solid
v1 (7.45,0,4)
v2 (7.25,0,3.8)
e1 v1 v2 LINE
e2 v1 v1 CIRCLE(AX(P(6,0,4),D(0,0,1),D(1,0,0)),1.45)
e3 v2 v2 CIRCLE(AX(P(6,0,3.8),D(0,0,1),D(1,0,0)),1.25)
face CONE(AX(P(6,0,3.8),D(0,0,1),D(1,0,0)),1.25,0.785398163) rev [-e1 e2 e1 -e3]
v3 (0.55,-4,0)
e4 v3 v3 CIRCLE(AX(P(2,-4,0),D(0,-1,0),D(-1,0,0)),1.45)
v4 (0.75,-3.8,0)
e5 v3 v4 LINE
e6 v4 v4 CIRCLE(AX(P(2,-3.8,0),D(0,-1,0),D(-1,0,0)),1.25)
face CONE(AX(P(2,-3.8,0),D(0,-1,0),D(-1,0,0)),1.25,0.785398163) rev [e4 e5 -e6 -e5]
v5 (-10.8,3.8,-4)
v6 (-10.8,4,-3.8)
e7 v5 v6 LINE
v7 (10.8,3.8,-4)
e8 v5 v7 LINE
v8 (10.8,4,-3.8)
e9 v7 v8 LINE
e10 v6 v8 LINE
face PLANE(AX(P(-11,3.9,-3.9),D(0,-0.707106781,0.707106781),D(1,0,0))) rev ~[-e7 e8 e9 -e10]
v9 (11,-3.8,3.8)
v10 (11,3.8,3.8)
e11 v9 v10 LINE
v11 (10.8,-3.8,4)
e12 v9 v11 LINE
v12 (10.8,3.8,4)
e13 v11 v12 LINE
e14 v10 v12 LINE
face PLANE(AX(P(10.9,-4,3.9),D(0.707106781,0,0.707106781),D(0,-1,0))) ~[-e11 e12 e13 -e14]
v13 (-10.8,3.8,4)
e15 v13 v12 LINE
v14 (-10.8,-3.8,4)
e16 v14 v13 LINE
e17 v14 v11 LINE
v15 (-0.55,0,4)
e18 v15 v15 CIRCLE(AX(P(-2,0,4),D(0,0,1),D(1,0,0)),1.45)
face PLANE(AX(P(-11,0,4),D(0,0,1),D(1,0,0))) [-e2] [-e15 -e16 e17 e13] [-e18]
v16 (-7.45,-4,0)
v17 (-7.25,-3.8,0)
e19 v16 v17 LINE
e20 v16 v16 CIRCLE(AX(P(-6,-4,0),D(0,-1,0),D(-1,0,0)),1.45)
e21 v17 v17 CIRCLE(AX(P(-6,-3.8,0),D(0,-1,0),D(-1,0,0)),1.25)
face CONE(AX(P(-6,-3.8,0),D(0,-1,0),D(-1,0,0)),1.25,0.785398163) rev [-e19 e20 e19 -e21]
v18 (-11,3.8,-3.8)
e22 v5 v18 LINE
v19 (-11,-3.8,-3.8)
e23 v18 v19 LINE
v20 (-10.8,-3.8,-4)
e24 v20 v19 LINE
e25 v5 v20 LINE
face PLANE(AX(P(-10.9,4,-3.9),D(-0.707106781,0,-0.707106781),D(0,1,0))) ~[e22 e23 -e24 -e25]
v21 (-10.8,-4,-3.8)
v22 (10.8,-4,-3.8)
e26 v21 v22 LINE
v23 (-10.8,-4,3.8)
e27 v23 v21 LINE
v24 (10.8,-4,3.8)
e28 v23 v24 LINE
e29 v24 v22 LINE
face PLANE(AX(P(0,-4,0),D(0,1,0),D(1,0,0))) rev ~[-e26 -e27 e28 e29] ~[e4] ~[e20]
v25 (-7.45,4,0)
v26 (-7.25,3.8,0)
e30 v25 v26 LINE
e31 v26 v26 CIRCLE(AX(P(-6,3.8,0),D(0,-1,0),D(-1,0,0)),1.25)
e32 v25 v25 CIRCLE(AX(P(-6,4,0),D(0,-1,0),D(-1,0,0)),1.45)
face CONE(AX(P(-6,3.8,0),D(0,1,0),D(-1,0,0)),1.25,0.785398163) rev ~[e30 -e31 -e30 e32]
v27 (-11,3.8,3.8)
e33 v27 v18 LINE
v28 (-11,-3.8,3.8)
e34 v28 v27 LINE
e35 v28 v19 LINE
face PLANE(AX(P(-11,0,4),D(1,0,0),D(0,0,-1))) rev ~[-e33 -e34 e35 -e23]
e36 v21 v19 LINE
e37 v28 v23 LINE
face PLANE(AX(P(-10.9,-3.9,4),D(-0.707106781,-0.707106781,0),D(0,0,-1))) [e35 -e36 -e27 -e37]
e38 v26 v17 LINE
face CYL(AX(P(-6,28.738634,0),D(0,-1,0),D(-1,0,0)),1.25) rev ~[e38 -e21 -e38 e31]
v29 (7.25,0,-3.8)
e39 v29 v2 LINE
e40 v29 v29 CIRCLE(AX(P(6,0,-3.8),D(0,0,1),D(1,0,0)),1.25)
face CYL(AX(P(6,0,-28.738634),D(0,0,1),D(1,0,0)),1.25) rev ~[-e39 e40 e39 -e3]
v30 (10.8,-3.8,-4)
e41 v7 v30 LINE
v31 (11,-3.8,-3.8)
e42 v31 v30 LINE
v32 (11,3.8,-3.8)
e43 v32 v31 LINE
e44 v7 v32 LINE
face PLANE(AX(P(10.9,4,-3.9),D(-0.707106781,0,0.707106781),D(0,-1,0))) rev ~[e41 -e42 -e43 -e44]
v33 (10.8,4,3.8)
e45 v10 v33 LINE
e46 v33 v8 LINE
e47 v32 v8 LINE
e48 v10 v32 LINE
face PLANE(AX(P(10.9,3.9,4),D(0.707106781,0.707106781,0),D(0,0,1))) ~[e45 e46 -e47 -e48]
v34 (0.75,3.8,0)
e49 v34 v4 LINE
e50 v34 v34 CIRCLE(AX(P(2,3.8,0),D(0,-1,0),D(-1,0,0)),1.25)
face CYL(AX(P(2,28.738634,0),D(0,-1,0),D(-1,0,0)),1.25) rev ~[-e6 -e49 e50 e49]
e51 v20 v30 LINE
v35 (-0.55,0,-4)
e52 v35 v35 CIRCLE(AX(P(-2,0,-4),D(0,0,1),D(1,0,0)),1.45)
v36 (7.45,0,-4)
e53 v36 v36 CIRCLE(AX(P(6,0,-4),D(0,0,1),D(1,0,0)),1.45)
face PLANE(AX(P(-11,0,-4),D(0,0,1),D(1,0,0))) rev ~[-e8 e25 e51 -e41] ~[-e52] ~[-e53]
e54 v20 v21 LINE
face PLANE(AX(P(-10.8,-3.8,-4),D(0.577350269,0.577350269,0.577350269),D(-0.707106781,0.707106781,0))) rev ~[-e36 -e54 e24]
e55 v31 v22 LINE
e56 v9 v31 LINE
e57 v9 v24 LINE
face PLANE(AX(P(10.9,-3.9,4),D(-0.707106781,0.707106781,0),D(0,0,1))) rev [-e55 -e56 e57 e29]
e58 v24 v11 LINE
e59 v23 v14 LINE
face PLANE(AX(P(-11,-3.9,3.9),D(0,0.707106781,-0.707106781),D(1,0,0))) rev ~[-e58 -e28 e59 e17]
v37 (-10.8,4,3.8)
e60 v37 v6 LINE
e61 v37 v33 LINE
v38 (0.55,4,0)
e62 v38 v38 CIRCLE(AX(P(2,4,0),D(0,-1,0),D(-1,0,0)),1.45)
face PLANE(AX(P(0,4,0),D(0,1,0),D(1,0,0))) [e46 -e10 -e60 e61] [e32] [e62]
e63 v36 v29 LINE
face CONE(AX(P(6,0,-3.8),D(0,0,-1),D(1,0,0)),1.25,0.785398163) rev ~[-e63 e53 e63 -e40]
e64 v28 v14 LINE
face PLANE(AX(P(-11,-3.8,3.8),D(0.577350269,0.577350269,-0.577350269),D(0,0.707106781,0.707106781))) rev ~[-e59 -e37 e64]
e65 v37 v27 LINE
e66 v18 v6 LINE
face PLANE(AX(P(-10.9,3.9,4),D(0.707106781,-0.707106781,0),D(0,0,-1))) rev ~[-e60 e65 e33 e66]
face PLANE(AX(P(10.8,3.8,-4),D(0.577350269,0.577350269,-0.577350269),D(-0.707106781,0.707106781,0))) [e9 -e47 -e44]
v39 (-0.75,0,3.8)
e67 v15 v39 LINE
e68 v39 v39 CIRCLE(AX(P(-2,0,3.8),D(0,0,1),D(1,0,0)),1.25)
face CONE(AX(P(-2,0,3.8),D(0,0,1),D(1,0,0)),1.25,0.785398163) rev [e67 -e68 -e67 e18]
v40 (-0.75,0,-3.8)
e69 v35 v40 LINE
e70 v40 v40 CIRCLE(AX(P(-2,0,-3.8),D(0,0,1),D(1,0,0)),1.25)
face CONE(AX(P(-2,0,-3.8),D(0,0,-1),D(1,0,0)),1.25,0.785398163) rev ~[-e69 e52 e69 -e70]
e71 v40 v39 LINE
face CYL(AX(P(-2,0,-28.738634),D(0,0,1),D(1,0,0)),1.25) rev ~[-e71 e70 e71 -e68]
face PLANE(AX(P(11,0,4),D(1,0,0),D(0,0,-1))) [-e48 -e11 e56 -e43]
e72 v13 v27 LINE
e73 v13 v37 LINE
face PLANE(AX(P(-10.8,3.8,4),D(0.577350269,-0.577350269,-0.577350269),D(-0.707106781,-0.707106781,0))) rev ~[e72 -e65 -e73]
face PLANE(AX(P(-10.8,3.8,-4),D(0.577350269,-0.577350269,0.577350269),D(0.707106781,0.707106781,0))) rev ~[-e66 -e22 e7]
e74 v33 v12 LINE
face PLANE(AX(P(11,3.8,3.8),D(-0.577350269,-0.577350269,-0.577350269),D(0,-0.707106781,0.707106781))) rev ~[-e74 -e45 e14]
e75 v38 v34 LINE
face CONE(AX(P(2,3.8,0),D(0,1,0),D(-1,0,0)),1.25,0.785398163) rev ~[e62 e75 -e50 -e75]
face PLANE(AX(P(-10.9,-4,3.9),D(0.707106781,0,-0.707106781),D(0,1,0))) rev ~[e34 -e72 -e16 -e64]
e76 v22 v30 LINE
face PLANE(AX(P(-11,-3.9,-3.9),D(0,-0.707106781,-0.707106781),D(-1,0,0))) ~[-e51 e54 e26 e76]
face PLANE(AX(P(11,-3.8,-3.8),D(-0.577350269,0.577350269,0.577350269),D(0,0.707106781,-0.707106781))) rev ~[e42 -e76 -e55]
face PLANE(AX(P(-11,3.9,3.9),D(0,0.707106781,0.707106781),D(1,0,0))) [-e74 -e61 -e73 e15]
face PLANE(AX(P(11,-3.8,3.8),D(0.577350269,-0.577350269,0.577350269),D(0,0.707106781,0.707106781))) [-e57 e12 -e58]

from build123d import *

# Parameters (mm, degrees)
SKETCH_1_W         = 22
SKETCH_1_H         = 8
EXTRUDE_1_DEPTH    = 4
HOLE_WIZARD_M3_1_D = 2.5
HOLE_WIZARD_M3_2_D = 2.5
CHAMFER_1_SIZE     = 0.2


with BuildPart() as part:
    # Sketch 1 → Extrude 1 (new, symmetric)
    with BuildSketch(Plane(origin=(0, 0, 0), x_dir=(1, 0, 0), z_dir=(0, 1, 0))):
        Rectangle(SKETCH_1_W, SKETCH_1_H)
    extrude(amount=EXTRUDE_1_DEPTH, both=True)

    # Hole Wizard M3 _1 (through all)
    with Locations(Plane(origin=(0, 4, 0), x_dir=(1, 0, 0), z_dir=(0, 1, 0))):
        with Locations((-6, 0), (2, 0)):
            Hole(HOLE_WIZARD_M3_1_D / 2)

    # Hole Wizard M3 _2 (through all)
    with Locations(Plane(origin=(0, 0, -4), x_dir=(-1, 0, 0), z_dir=(0, 0, -1))):
        with Locations((-6, 0), (2, 0)):
            Hole(HOLE_WIZARD_M3_2_D / 2)

    # Chamfer 1
    chamfer_1_edges = [part.edges().sort_by_distance(p)[0] for p in [
        (-11, 4, 0),
        (3.25, 4, 0),
        (3.25, -4, 0),
        (0, 4, 4),
        (-4.75, 4, 0),
        (-4.75, -4, 0),
        (-3.25, 0, -4),
        (-3.25, 0, 4),
        (4.75, 0, -4),
        (4.75, 0, 4),
        (11, 4, 0),
        (0, -4, 4),
        (-11, -4, 0),
        (0, -4, -4),
        (11, -4, 0),
        (11, 0, 4),
        (-11, 0, 4),
        (-11, 0, -4),
        (11, 0, -4),
        (0, 4, -4),
    ]]
    chamfer(chamfer_1_edges, length=CHAMFER_1_SIZE)


solid = part.part
